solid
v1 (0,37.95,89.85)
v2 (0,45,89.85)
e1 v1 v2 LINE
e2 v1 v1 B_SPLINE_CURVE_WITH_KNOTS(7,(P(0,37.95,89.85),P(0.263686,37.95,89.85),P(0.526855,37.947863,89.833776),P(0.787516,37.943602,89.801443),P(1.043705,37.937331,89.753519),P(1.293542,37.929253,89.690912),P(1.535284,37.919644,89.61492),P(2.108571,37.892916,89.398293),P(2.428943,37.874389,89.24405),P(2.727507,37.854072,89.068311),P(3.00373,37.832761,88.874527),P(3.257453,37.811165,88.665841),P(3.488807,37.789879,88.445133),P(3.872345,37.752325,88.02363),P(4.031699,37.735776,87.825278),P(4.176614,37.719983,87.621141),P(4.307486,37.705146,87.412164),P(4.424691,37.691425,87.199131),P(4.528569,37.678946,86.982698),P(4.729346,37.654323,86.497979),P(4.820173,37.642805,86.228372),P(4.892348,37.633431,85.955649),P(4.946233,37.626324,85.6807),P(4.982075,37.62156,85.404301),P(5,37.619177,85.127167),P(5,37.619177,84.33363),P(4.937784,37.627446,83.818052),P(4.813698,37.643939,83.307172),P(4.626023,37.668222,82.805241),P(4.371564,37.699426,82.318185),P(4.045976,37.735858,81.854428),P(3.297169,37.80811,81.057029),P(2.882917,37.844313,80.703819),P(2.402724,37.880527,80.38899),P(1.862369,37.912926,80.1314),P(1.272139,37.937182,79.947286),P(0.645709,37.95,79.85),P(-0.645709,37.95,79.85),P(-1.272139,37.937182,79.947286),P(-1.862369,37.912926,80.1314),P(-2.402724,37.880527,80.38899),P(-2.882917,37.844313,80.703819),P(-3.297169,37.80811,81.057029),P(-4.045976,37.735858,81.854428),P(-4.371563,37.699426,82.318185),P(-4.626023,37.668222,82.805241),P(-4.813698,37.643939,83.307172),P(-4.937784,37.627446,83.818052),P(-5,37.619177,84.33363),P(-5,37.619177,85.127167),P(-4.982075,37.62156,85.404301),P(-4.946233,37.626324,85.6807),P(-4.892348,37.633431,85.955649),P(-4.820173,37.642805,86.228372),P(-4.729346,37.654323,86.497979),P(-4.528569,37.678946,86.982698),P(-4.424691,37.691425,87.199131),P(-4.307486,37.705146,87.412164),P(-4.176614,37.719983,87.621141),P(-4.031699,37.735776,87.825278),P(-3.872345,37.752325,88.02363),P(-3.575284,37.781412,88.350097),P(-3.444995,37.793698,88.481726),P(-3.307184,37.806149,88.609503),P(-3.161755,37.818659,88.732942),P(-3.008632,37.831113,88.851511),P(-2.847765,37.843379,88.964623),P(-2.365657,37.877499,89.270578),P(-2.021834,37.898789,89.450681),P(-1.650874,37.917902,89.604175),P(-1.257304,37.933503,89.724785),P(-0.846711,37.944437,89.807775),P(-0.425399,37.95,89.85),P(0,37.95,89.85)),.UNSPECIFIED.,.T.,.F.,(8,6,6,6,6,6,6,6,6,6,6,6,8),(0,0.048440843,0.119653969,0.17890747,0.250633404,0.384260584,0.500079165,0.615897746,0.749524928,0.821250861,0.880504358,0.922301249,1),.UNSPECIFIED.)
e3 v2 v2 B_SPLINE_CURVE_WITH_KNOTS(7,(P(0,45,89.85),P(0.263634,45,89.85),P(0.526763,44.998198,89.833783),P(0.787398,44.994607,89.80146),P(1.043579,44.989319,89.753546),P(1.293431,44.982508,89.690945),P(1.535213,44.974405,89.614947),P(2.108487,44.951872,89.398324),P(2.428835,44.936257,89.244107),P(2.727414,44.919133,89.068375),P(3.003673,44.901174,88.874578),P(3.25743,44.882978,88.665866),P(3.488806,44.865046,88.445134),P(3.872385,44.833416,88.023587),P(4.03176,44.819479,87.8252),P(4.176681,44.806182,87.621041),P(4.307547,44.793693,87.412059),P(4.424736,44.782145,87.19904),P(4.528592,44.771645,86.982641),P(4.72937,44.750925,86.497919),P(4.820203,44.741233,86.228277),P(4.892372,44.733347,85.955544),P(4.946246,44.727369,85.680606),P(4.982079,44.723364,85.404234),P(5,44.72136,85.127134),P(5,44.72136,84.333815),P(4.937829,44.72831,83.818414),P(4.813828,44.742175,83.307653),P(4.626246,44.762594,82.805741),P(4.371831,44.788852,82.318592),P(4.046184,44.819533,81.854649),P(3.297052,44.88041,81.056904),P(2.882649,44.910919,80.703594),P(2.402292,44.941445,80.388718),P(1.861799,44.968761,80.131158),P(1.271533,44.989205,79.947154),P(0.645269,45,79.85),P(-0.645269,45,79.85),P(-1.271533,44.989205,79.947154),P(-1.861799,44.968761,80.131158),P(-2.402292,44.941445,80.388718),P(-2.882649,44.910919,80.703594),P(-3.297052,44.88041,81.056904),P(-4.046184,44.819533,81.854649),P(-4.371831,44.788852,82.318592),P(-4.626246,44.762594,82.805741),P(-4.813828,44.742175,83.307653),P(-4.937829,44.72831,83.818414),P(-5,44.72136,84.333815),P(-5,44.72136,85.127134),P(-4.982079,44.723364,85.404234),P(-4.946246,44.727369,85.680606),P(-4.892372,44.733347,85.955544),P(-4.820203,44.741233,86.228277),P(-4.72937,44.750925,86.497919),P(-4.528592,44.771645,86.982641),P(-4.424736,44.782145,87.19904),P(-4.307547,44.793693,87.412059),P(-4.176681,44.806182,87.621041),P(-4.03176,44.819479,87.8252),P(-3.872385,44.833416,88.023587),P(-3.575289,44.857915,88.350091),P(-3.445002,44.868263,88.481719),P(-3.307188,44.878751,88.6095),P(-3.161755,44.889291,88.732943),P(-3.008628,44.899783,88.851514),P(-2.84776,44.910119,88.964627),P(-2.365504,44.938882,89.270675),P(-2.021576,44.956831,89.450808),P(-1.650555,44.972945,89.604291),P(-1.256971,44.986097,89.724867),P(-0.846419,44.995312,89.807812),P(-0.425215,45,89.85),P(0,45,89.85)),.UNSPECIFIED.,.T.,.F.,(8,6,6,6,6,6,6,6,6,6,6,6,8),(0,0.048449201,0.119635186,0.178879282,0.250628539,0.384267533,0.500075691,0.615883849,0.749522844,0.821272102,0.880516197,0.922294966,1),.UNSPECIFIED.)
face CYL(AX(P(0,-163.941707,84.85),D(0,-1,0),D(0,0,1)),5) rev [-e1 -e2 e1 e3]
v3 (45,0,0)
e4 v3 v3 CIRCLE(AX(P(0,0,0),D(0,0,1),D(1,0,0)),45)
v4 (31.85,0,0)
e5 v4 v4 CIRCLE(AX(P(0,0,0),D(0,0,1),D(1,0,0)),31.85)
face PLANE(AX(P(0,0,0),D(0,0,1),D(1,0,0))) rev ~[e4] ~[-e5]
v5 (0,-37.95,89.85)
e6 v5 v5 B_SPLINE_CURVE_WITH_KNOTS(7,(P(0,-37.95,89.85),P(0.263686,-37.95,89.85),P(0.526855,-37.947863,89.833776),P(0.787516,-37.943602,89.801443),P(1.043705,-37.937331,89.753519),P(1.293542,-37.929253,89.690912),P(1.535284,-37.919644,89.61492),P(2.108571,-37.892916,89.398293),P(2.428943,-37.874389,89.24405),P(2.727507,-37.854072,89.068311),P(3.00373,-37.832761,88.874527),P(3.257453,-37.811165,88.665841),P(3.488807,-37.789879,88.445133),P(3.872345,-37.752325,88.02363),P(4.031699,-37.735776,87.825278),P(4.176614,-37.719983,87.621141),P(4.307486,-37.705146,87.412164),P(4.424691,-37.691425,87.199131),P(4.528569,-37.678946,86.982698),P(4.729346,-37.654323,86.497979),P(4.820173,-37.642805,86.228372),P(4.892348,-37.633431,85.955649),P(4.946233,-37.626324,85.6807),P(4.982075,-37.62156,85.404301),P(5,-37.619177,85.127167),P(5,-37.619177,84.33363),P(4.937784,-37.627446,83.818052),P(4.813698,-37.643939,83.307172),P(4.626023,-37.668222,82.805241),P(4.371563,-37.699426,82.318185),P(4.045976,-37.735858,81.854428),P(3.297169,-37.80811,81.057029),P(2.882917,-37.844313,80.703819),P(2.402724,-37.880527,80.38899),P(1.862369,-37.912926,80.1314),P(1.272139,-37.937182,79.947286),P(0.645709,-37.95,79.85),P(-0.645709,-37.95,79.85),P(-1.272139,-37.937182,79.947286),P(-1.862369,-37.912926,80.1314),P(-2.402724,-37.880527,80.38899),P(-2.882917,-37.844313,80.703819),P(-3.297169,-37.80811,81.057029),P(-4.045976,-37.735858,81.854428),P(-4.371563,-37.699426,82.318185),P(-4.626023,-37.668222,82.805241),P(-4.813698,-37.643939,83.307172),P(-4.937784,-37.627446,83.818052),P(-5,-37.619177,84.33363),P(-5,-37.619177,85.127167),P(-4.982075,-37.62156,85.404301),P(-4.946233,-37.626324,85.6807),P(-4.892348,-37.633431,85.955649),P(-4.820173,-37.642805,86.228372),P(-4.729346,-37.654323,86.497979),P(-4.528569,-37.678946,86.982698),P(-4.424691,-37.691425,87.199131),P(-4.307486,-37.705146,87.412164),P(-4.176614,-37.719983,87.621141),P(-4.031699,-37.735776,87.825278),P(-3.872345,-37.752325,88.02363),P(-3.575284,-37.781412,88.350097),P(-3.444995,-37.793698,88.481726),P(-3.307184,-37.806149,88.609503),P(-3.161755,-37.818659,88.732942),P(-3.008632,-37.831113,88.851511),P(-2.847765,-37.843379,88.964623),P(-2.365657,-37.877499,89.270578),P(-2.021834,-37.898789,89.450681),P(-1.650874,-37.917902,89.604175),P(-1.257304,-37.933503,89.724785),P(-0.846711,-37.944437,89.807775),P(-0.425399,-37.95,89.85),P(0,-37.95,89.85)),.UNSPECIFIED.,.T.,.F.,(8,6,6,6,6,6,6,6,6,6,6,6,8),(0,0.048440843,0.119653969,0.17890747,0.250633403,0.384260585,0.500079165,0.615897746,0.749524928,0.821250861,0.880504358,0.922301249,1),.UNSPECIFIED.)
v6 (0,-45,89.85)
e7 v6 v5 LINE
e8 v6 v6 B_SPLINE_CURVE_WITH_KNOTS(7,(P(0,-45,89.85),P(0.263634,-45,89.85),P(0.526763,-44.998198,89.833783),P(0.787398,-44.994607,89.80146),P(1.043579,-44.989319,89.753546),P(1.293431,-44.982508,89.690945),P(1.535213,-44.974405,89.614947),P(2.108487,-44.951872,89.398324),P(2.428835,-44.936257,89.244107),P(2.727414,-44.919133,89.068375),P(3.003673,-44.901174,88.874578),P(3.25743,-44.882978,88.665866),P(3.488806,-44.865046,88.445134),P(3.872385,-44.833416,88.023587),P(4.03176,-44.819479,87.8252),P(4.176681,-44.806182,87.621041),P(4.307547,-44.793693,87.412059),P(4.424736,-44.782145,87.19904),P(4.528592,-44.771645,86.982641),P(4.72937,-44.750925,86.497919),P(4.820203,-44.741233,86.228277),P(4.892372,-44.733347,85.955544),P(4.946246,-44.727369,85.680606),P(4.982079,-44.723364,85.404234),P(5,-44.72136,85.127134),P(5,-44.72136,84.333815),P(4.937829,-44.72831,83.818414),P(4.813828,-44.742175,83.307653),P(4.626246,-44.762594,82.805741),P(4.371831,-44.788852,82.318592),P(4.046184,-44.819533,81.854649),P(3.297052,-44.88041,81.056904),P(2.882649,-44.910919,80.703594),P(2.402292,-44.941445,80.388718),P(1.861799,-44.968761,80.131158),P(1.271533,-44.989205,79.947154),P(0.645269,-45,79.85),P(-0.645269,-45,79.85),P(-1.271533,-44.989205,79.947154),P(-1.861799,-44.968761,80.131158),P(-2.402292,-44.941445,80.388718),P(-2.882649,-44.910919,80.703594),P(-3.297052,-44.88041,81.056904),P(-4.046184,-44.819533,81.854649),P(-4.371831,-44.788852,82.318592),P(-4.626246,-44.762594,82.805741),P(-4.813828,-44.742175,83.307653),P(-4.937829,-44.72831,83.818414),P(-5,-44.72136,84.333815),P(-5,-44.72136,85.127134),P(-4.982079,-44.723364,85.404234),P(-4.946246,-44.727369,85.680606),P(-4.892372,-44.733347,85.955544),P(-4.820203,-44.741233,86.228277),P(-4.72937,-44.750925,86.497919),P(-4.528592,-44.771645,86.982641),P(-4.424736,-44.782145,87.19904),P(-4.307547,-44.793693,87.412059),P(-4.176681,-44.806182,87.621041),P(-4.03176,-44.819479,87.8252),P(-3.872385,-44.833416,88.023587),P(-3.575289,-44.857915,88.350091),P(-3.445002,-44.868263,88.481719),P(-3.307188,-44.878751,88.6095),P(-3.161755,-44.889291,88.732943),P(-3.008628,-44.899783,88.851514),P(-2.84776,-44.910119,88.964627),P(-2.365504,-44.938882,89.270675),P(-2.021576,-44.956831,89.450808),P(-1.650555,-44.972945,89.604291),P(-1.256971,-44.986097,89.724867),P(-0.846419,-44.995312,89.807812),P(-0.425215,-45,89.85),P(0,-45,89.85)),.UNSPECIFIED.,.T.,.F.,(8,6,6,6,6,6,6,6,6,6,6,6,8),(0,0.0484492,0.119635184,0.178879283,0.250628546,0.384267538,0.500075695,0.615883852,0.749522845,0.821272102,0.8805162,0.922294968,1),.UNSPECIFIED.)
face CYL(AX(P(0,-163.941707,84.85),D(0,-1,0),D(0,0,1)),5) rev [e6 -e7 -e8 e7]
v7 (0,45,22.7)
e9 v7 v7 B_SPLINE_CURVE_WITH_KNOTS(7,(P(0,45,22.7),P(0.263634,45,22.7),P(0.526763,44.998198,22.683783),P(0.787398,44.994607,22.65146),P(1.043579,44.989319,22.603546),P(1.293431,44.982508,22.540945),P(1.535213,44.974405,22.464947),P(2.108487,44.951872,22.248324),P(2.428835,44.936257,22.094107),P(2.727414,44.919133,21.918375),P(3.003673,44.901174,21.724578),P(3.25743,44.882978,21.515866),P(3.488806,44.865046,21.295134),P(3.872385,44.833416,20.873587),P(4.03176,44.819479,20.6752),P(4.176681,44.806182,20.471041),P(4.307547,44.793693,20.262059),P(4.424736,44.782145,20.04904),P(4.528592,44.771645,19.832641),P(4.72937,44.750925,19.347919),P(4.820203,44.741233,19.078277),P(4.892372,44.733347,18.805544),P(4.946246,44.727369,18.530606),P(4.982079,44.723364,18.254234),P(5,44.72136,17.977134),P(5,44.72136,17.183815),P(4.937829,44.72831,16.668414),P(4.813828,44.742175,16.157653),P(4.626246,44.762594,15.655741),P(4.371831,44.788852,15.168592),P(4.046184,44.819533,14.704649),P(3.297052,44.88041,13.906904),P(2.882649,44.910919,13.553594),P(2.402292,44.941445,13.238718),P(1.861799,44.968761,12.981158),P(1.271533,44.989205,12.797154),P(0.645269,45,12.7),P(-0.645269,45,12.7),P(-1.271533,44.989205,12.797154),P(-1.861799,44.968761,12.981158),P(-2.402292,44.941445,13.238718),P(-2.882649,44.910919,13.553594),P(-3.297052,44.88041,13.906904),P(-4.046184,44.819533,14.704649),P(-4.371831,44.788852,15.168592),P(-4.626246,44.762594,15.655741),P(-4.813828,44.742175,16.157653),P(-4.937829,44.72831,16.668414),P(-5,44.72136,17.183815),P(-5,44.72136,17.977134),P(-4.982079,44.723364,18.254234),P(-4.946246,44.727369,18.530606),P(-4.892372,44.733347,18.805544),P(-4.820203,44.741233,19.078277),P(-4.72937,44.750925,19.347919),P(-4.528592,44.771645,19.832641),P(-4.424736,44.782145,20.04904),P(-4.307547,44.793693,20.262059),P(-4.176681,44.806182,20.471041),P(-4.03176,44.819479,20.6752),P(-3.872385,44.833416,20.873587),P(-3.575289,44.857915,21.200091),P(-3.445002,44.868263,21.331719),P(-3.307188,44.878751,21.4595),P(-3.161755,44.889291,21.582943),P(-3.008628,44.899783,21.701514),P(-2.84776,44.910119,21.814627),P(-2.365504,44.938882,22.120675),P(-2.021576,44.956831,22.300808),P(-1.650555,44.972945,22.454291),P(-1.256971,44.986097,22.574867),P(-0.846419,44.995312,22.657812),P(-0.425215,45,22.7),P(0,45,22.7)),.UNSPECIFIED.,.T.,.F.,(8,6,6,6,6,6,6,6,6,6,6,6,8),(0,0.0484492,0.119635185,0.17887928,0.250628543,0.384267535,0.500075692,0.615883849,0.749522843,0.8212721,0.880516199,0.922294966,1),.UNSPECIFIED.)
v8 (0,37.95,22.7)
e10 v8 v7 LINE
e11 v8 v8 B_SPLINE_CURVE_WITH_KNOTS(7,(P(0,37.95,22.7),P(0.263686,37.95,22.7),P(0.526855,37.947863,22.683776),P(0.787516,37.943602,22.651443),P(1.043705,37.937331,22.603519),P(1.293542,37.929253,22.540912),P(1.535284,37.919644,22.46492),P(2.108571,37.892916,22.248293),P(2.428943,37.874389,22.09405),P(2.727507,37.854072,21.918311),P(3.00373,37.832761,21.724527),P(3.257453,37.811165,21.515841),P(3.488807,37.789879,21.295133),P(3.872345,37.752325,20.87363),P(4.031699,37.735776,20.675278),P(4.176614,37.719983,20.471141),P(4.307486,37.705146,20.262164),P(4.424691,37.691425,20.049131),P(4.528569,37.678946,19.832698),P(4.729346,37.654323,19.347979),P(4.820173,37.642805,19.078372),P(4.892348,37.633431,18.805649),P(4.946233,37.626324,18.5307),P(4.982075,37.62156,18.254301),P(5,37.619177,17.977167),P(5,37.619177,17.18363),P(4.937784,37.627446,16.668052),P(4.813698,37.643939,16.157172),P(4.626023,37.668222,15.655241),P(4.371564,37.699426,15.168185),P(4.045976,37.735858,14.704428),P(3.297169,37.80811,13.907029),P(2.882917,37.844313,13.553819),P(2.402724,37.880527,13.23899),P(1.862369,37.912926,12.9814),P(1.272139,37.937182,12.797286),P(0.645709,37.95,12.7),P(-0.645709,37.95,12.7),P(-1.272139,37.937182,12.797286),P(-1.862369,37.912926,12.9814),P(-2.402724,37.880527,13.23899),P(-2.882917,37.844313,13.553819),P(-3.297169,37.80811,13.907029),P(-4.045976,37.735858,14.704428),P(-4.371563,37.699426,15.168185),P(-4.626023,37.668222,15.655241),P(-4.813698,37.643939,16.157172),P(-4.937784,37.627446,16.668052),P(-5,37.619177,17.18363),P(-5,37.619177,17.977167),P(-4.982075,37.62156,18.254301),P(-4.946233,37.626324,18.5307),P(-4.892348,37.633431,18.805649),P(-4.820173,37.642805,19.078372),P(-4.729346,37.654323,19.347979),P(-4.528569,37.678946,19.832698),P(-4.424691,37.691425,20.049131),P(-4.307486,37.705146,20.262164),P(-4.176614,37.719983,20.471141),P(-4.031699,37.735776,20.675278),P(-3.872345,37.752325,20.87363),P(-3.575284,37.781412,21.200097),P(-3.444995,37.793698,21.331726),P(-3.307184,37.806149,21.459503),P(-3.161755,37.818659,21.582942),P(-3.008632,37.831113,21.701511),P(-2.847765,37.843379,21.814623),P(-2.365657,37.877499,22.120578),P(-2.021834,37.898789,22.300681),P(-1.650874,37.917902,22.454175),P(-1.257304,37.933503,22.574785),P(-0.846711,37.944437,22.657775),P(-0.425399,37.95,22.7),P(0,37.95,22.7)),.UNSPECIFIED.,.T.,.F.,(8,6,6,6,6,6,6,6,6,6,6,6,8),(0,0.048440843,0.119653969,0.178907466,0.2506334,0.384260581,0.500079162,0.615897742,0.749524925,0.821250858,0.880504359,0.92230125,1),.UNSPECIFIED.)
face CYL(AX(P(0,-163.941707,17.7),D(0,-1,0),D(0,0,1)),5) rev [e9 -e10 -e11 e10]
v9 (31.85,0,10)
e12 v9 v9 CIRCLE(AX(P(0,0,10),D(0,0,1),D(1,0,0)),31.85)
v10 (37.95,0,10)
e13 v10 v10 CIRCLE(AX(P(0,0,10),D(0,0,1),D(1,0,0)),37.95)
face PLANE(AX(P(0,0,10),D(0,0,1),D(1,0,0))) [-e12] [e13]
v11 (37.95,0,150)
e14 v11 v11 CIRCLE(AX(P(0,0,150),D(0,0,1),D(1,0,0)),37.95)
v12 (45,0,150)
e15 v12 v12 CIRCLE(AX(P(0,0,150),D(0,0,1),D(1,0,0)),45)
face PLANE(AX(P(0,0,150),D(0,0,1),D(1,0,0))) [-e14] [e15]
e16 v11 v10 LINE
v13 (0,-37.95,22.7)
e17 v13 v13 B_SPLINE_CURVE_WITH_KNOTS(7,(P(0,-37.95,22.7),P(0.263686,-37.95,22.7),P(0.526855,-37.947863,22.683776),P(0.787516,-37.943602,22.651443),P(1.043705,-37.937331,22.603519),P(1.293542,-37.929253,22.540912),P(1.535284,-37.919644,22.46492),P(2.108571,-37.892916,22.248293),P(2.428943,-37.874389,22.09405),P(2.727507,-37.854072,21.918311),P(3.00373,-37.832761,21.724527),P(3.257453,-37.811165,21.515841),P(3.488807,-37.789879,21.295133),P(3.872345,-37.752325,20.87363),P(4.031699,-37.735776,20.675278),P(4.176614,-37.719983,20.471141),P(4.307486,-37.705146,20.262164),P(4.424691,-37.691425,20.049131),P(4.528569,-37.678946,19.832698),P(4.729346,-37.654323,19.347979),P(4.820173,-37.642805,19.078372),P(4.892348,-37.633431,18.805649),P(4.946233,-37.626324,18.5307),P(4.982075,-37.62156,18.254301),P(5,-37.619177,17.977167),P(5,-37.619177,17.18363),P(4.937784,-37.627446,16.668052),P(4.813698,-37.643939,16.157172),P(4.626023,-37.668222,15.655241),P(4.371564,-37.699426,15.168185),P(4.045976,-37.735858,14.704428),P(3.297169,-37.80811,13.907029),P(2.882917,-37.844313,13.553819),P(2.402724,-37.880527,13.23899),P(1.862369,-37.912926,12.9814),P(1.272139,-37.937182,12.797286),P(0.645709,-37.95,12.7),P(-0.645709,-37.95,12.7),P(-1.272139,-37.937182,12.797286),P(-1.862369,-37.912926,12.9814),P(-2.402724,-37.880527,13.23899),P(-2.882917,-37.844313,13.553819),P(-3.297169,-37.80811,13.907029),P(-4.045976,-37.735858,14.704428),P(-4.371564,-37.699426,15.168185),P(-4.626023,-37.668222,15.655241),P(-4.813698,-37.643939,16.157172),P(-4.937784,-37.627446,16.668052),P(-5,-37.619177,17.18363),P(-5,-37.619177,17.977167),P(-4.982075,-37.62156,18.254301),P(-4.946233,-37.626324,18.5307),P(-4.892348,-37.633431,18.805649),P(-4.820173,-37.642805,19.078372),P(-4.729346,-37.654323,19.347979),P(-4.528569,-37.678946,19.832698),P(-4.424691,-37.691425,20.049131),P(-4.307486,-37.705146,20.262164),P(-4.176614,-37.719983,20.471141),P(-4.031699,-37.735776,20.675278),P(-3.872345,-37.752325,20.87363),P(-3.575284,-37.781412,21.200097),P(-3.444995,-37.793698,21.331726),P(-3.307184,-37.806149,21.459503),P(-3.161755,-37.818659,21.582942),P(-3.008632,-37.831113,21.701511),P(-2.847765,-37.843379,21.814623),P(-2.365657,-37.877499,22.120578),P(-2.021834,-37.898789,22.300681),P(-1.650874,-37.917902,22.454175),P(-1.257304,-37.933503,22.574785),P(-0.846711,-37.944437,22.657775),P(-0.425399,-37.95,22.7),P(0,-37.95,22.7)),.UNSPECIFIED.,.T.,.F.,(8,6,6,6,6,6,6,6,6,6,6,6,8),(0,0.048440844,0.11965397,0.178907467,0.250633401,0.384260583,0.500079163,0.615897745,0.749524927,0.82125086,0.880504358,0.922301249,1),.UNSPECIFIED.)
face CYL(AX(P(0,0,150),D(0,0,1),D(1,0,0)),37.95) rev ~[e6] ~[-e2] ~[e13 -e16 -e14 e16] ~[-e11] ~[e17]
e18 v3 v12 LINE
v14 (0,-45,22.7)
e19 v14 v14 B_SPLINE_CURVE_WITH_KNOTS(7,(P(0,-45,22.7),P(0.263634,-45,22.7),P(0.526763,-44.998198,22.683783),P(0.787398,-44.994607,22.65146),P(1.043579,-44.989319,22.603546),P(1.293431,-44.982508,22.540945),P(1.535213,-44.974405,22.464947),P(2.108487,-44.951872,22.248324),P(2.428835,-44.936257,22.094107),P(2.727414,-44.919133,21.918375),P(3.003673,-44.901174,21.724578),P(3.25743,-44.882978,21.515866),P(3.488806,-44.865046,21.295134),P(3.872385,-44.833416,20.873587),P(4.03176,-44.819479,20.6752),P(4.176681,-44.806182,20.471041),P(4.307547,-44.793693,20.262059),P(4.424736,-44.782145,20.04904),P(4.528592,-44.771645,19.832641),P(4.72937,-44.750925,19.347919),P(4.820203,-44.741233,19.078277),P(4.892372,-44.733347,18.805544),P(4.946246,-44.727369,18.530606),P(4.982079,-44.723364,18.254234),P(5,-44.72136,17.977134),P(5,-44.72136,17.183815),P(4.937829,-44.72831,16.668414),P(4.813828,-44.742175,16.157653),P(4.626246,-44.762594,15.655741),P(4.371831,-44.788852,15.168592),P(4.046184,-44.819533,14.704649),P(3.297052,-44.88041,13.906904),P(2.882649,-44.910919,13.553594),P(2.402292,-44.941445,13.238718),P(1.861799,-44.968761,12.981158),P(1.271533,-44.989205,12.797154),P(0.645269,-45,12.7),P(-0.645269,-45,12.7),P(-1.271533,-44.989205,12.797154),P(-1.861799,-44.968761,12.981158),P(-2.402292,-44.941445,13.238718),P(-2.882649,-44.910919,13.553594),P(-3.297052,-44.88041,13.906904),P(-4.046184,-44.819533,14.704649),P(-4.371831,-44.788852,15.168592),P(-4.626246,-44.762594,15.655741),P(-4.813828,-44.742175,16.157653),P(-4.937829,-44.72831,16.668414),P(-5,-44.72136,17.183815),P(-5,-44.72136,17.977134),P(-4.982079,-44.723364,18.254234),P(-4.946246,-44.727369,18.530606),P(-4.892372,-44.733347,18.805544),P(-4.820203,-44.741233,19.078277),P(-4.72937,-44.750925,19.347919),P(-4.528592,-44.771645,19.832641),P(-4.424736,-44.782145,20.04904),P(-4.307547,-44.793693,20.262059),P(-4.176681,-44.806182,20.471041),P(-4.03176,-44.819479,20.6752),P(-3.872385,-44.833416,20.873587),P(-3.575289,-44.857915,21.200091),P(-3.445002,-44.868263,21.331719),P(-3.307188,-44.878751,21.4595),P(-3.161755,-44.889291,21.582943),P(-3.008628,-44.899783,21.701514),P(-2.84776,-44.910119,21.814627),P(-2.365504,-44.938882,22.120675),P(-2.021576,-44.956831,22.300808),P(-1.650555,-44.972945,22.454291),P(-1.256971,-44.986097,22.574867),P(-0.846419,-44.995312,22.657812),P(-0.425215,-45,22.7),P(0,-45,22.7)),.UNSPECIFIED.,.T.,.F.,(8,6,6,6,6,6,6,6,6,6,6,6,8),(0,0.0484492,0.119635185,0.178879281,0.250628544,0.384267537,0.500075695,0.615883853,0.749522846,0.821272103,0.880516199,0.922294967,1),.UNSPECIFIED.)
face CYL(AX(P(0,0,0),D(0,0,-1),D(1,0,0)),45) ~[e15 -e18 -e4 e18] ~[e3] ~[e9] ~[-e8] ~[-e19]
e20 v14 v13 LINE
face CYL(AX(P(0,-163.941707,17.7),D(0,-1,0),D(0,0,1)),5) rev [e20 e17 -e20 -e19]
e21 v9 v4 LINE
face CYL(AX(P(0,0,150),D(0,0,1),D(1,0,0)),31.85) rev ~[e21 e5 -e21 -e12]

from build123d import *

# Parameters (mm, degrees)
SKETCH1_R               = 45
BOSS_EXTRUDE1_DEPTH     = 150
SKETCH2_R               = 31.85
CUT_EXTRUDE1_DEPTH      = 163.941707368
SKETCH3_R               = 37.95
CUT_EXTRUDE2_DEPTH      = 140
CUT_EXTRUDE5_DEPTH      = 163.941707368
CUT_EXTRUDE5_DEPTH_BACK = 163.941707368
SKETCH8_R               = 5


with BuildPart() as part:
    # Sketch1 → Boss-Extrude1 (new body)
    with BuildSketch(Plane.XY):
        Circle(SKETCH1_R)
    extrude(amount=BOSS_EXTRUDE1_DEPTH)

    # Sketch2 → Cut-Extrude1 (cut, through all)
    with BuildSketch(Plane.XY.offset(150)):
        Circle(SKETCH2_R)
    extrude(amount=-CUT_EXTRUDE1_DEPTH, mode=Mode.SUBTRACT)

    # Sketch3 → Cut-Extrude2 (cut)
    with BuildSketch(Plane.XY.offset(150)):
        Circle(SKETCH3_R)
    extrude(amount=-CUT_EXTRUDE2_DEPTH, mode=Mode.SUBTRACT)

    # Sketch8 → Cut-Extrude5 (cut, two sides: drawn at the far end of the back side and taken through both)
    with BuildSketch(Plane(origin=(0, 0, 0), x_dir=(1, 0, 0), z_dir=(0, 1, 0)).offset(-CUT_EXTRUDE5_DEPTH_BACK)):
        with Locations(Location((0, -17.7, 0), (0, 0, 270))):
            Circle(SKETCH8_R)
        with Locations(Location((0, -84.85, 0), (0, 0, 270))):
            Circle(SKETCH8_R)
    extrude(amount=CUT_EXTRUDE5_DEPTH + CUT_EXTRUDE5_DEPTH_BACK, mode=Mode.SUBTRACT)


solid = part.part
